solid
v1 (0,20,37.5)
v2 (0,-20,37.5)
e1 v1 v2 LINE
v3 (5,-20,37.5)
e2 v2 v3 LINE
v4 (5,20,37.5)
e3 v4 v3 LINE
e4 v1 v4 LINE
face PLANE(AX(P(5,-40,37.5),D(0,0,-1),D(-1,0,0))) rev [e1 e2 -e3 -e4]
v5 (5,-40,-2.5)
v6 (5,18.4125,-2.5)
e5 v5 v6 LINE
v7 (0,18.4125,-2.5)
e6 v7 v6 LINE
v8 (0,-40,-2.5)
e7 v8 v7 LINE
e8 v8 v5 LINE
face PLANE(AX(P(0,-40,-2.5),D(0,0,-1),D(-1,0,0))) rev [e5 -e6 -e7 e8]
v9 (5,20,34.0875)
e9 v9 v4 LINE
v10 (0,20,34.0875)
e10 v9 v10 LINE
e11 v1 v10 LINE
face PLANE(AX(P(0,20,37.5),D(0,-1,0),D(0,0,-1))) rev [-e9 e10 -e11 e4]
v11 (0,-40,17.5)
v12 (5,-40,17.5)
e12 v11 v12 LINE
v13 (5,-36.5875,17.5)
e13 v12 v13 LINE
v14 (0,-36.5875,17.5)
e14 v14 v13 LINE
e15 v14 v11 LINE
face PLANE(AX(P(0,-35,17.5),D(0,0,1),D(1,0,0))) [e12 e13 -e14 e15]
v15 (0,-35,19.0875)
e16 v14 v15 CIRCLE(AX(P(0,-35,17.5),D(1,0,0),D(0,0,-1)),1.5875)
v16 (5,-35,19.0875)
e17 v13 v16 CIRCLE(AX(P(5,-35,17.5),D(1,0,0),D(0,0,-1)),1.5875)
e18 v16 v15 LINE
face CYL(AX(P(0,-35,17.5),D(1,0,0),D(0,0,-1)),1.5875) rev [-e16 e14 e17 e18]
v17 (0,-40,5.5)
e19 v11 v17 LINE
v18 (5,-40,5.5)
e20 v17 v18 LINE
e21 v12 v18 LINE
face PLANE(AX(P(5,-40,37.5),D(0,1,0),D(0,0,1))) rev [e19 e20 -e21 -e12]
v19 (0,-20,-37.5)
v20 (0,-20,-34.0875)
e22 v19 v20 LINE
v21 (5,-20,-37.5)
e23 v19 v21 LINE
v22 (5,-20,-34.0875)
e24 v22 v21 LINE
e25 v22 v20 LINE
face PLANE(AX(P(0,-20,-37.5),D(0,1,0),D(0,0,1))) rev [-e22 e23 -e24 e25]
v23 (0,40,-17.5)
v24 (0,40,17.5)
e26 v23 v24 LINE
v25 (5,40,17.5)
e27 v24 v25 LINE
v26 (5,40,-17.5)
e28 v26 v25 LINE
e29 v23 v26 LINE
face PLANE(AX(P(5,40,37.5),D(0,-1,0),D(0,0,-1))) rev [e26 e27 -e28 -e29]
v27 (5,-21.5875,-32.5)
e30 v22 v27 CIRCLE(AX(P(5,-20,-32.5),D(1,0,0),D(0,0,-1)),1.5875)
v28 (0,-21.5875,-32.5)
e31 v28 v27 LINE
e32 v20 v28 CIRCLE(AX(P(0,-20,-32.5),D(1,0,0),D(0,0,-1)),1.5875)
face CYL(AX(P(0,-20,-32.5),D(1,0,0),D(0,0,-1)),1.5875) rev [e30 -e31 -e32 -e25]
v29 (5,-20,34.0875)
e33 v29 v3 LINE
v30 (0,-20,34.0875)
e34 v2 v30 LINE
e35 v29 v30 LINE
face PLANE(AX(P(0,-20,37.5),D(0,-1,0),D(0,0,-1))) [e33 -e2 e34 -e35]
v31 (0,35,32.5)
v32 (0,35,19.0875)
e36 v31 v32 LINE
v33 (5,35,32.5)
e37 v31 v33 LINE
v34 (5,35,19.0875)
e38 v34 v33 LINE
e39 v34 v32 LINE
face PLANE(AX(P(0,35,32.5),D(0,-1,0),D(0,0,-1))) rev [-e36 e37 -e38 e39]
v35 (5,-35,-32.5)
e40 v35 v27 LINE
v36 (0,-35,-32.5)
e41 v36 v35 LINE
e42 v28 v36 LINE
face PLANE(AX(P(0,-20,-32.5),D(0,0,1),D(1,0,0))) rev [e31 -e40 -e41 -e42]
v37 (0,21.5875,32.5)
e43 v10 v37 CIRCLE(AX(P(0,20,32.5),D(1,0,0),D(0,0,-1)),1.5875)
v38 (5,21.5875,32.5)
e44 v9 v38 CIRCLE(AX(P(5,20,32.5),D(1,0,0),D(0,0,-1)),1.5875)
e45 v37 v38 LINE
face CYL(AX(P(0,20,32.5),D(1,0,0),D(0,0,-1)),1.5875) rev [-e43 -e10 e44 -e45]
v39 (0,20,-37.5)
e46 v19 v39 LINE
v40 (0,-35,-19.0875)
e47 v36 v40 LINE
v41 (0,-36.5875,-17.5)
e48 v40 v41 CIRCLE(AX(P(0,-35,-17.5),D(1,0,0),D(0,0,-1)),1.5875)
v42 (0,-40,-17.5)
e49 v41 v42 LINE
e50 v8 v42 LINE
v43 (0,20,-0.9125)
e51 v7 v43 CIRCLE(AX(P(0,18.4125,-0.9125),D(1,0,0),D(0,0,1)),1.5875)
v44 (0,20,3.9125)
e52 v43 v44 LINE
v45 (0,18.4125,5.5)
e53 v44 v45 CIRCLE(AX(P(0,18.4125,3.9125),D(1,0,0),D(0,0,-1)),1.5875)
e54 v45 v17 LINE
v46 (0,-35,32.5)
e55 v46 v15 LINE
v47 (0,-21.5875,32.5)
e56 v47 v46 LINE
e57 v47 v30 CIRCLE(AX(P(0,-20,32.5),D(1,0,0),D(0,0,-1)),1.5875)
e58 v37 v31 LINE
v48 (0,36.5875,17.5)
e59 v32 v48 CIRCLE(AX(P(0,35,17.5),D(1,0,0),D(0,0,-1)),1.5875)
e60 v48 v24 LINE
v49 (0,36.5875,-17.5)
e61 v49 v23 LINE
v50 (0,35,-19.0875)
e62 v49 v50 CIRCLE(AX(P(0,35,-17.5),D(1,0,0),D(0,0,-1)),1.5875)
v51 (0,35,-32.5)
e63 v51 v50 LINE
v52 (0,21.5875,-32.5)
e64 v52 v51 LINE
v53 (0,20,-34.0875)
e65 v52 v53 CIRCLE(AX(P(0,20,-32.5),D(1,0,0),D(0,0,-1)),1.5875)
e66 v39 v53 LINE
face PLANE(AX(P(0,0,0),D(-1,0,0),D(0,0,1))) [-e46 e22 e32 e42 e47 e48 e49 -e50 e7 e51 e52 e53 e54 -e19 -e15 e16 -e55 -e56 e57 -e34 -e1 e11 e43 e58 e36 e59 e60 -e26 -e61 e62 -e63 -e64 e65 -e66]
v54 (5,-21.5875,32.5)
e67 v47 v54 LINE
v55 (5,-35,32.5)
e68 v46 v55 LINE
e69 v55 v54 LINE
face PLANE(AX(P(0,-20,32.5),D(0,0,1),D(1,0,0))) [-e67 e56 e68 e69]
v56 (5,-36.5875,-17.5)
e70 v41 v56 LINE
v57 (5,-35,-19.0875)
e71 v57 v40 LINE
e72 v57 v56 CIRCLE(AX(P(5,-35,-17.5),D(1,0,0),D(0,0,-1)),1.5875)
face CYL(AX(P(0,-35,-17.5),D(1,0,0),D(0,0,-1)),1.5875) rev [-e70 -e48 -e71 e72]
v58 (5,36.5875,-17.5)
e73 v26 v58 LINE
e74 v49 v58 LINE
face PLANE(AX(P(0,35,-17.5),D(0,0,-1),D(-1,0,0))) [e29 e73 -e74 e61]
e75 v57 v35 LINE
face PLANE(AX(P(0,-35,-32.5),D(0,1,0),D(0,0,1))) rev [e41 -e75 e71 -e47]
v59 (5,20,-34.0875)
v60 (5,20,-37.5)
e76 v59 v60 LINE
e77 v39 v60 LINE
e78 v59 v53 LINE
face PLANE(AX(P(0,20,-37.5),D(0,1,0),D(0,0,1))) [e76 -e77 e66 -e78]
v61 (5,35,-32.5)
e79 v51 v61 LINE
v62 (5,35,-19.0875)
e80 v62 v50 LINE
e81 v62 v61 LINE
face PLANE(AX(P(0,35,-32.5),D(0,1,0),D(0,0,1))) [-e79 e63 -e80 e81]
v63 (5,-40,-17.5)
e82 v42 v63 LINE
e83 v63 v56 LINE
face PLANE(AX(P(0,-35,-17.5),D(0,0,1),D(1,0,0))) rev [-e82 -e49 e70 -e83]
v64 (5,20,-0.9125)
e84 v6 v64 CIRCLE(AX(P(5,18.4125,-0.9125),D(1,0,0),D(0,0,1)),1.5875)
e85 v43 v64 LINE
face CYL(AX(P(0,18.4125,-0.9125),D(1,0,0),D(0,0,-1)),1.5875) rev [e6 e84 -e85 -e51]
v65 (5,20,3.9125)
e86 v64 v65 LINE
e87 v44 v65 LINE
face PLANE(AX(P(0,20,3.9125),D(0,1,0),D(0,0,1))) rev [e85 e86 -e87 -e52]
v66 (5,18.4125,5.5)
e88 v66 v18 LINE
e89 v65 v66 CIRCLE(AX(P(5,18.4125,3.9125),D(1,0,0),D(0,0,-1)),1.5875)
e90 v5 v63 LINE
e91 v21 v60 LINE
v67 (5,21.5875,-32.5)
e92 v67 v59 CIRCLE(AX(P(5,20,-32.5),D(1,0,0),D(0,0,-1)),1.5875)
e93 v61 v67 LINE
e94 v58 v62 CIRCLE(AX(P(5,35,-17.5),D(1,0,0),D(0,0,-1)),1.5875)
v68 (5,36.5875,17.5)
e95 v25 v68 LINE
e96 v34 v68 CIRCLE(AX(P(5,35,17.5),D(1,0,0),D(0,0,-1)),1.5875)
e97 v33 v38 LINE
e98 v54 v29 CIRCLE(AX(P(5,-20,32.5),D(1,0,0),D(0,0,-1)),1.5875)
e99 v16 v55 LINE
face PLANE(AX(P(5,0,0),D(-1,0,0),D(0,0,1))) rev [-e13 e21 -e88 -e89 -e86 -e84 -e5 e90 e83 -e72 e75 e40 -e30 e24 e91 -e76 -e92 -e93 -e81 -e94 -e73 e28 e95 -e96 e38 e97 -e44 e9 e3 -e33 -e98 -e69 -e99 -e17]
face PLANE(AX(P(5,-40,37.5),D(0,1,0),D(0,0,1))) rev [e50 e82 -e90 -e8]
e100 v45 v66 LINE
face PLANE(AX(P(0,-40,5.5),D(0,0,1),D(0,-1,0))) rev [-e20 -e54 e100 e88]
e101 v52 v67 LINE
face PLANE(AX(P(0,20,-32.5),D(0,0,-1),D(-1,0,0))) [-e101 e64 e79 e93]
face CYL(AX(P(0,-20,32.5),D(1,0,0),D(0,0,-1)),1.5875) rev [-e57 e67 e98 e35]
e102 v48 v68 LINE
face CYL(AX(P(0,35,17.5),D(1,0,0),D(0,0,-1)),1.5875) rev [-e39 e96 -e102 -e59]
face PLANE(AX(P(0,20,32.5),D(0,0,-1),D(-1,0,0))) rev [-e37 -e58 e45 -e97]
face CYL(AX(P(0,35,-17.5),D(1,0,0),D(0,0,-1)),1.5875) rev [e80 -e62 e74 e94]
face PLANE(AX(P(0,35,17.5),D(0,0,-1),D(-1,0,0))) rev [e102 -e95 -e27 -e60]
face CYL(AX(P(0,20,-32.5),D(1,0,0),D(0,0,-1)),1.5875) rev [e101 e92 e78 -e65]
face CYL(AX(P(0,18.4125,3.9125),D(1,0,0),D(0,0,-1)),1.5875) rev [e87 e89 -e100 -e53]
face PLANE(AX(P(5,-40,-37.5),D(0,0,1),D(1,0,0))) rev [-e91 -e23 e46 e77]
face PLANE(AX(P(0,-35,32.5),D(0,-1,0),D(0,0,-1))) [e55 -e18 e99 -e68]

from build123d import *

# Parameters (mm, degrees)
SKETCH1_W                                = 75
SKETCH1_H                                = 80
BOSS_EXTRUDE1_DEPTH                      = 5
CUT_EXTRUDE1_START                       = -6
CUT_EXTRUDE1_DEPTH                       = 7
MIRROR1_START                            = -6
MIRROR1_AT_THE_SECOND_PLANE_COPY_1_DEPTH = 7
CUT_EXTRUDE2_DEPTH                       = 1
CUT_EXTRUDE2_DEPTH_BACK                  = 6
SKETCH5_R                                = 1.5875
CUT_EXTRUDE3_DEPTH                       = 6


with BuildPart() as part:
    # Sketch1 → Boss-Extrude1 (new body)
    with BuildSketch(Plane(origin=(0, 0, 0), x_dir=(0, 0, -1), z_dir=(1, 0, 0))):
        Rectangle(SKETCH1_W, SKETCH1_H)
    extrude(amount=BOSS_EXTRUDE1_DEPTH)

    # Sketch3 → Cut-Extrude1 (cut)
    with BuildSketch(Plane(origin=(5, 0, 0), x_dir=(0, 0, -1), z_dir=(1, 0, 0)).offset(CUT_EXTRUDE1_START)):
        Polygon((-37.5, 20), (-32.5, 20), (-32.5, 35), (-17.5, 35), (-17.5, 40), (-37.5, 40), align=None)
    cut_extrude1 = extrude(amount=CUT_EXTRUDE1_DEPTH, mode=Mode.SUBTRACT)

    # Mirror1: Cut-Extrude1 across plane
    add(cut_extrude1.mirror(Plane.XY), mode=Mode.SUBTRACT)

    # Mirror1 at the second plane: Cut-Extrude1 across plane
    add(cut_extrude1.mirror(Plane.ZX), mode=Mode.SUBTRACT)

    # Mirror1 at the second plane copy 1 sketc → Mirror1 at the second plane copy 1 (cut)
    with BuildSketch(Plane(origin=(5, 0, 0), x_dir=(0, 0, 1), z_dir=(1, 0, 0)).offset(MIRROR1_START)):
        Polygon((-37.5, 20), (-32.5, 20), (-32.5, 35), (-17.5, 35), (-17.5, 40), (-37.5, 40), align=None)
    extrude(amount=MIRROR1_AT_THE_SECOND_PLANE_COPY_1_DEPTH, mode=Mode.SUBTRACT)

    # Sketch4 → Cut-Extrude2 (cut, two sides)
    with BuildSketch(Plane(origin=(5, 0, 0), x_dir=(0, 0, -1), z_dir=(1, 0, 0))) as cut_extrude2_sk:
        with BuildLine():
            Line((-5.5, -40), (-5.5, 18.4125))
            ThreePointArc((-5.5, 18.4125), (-5.035032015, 19.535032015), (-3.9125, 20))
            Line((-3.9125, 20), (0.9125, 20))
            ThreePointArc((0.9125, 20), (2.035032015, 19.535032015), (2.5, 18.4125))
            Line((2.5, 18.4125), (2.5, -40))
            Line((2.5, -40), (-5.5, -40))
        make_face()
    extrude(amount=CUT_EXTRUDE2_DEPTH, mode=Mode.SUBTRACT)
    extrude(cut_extrude2_sk.sketch, amount=-CUT_EXTRUDE2_DEPTH_BACK, mode=Mode.SUBTRACT)

    # Sketch5 → Cut-Extrude3 (cut, through all)
    with BuildSketch(Plane(origin=(5, 0, 0), x_dir=(0, 0, -1), z_dir=(1, 0, 0))):
        with Locations((-17.5, 35)):
            Circle(SKETCH5_R)
        with Locations((-32.5, 20)):
            Circle(SKETCH5_R)
        with Locations((17.5, 35)):
            Circle(SKETCH5_R)
        with Locations((32.5, 20)):
            Circle(SKETCH5_R)
        with Locations((32.5, -20)):
            Circle(SKETCH5_R)
        with Locations((17.5, -35)):
            Circle(SKETCH5_R)
        with Locations((-17.5, -35)):
            Circle(SKETCH5_R)
        with Locations((-32.5, -20)):
            Circle(SKETCH5_R)
    extrude(amount=-CUT_EXTRUDE3_DEPTH, mode=Mode.SUBTRACT)


solid = part.part
